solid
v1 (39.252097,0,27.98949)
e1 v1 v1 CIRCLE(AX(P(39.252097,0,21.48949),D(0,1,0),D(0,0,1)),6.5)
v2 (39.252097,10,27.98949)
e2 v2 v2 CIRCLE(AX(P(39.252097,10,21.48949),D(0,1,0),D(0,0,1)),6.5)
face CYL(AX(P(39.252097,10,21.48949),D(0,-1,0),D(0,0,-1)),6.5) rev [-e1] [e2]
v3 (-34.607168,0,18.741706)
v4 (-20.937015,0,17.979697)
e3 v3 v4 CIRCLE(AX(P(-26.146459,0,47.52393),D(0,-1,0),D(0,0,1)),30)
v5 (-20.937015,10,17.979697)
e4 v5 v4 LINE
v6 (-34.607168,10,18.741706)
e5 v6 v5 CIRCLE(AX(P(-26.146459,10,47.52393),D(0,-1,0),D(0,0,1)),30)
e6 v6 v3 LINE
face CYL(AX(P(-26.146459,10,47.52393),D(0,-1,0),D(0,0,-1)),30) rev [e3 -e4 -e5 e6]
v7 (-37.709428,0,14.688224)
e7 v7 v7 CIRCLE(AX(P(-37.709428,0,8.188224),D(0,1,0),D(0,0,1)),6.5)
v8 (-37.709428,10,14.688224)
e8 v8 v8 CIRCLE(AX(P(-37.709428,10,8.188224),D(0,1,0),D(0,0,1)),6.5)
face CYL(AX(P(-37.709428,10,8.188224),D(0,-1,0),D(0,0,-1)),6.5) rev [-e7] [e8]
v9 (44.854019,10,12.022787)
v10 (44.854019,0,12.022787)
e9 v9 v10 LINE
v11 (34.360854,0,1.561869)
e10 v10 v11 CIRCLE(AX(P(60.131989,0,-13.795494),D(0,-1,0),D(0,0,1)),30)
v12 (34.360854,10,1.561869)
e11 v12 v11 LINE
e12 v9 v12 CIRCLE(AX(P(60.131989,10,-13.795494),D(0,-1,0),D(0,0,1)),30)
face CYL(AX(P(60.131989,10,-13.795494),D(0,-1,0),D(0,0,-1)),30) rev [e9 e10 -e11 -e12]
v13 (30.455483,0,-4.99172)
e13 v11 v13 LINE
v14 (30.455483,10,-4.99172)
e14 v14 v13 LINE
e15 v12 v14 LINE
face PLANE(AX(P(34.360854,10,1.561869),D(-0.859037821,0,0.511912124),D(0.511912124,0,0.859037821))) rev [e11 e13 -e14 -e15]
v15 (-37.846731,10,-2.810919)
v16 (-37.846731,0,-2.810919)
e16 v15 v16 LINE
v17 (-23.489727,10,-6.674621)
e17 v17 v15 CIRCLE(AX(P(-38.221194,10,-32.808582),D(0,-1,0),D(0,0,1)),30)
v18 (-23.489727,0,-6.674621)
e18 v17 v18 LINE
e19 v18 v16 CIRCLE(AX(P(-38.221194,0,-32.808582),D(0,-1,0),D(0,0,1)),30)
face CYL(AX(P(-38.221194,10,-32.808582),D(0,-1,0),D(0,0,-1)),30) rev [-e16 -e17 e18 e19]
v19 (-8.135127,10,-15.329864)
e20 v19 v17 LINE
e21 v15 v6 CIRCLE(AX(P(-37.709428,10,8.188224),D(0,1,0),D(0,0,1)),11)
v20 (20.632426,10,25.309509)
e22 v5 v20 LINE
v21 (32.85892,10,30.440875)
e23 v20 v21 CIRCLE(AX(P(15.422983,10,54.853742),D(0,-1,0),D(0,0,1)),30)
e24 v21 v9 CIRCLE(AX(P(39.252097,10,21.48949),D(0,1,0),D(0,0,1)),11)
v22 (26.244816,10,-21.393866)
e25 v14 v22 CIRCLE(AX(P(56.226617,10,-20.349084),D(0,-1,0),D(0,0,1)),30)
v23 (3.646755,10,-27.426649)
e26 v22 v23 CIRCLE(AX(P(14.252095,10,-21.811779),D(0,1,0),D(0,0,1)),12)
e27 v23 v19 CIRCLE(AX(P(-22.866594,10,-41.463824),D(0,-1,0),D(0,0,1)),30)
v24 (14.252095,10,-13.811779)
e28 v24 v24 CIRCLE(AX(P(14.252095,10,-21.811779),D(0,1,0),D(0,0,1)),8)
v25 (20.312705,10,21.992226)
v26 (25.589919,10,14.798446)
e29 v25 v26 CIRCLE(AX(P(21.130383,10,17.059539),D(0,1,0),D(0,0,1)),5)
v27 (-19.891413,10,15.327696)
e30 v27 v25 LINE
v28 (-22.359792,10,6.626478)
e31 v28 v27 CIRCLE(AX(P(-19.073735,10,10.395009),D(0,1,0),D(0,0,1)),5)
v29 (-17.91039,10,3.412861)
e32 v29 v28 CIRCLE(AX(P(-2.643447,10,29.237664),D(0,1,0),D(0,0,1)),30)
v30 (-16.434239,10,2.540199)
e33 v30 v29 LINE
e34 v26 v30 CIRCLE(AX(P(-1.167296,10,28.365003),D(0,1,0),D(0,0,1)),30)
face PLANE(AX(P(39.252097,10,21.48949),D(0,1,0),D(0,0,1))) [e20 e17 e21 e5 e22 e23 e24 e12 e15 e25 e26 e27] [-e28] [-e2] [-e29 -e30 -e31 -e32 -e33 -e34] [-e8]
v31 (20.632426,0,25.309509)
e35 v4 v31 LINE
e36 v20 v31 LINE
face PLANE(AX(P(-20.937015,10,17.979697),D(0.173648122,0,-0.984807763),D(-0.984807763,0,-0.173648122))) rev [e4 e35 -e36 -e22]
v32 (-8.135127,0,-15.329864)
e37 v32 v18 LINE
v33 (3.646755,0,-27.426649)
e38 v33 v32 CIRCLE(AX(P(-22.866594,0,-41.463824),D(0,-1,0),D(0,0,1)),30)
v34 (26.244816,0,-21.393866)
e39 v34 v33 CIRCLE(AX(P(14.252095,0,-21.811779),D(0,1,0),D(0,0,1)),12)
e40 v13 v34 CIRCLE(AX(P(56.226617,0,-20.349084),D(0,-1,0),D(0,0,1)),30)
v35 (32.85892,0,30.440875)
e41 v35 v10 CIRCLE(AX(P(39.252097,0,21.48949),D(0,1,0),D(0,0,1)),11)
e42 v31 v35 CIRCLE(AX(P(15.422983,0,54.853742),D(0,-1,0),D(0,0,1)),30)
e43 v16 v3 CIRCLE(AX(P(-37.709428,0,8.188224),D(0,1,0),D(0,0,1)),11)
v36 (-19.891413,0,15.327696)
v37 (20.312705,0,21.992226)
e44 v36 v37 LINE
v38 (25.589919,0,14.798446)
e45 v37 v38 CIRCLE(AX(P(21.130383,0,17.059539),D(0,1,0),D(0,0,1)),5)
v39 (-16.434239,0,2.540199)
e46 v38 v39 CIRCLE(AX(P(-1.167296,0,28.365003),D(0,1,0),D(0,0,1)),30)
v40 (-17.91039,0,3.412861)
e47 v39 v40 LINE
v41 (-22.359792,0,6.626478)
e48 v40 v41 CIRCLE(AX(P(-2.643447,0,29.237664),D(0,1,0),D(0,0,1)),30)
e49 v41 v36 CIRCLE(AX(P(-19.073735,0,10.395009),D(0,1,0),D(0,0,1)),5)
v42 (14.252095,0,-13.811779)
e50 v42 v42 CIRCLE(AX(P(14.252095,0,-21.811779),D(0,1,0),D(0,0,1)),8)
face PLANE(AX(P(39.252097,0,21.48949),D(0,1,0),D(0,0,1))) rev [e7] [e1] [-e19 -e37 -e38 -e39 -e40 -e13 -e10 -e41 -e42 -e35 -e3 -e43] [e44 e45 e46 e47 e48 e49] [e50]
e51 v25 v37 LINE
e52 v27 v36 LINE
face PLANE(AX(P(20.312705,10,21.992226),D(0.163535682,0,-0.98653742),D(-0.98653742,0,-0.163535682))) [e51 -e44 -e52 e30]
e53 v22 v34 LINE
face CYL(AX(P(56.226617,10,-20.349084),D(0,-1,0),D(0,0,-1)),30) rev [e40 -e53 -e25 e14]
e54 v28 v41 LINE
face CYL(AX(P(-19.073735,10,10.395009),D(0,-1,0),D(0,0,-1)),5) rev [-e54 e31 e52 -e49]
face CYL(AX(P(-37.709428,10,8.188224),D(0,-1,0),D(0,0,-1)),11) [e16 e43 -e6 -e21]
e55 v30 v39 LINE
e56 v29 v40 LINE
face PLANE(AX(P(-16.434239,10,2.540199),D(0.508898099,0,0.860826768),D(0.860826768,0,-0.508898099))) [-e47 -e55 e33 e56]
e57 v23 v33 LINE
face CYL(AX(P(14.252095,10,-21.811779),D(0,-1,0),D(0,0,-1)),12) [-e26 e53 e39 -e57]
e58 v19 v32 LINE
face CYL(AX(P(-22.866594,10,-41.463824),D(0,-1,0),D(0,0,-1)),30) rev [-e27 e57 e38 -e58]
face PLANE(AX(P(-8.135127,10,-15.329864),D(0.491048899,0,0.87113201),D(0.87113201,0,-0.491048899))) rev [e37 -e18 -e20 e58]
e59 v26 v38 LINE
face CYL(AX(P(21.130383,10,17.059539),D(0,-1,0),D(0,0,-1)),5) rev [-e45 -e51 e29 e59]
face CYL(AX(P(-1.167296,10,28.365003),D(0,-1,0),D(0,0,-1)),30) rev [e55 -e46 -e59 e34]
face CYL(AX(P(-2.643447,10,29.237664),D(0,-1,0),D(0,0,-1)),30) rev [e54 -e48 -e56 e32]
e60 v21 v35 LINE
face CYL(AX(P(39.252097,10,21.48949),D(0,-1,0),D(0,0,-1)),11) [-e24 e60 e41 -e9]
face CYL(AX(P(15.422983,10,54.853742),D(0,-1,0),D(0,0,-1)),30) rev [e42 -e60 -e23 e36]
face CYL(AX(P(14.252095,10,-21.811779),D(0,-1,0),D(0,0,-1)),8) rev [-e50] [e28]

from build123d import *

# Parameters (mm, degrees)
SKETCH1_R           = 6.5
SKETCH1_R_2         = 8
BOSS_EXTRUDE1_DEPTH = 10


with BuildPart() as part:
    # Sketch1 → Boss-Extrude1 (new body)
    with BuildSketch(Plane(origin=(0, 0, 0), x_dir=(1, 0, 0), z_dir=(0, 1, 0))):
        with BuildLine():
            Line((34.360854191, -1.561869431), (30.455482575, 4.991720076))
            ThreePointArc((30.455482575, 4.991720076), (27.168828712, 12.889530967), (26.244815541, 21.393865753))
            ThreePointArc((26.244815541, 21.393865753), (17.347223993, 33.405750066), (3.646755092, 27.426648798))
            ThreePointArc((3.646755092, 27.426648798), (-1.375508537, 20.532192172), (-8.135127404, 15.329864146))
            Line((-8.135127404, 15.329864146), (-23.489726911, 6.674621202))
            ThreePointArc((-23.489726911, 6.674621202), (-30.425083941, 3.839275852), (-37.846730781, 2.810918636))
            ThreePointArc((-37.846730781, 2.810918636), (-48.587233234, -9.823261281), (-34.60716777, -18.741706478))
            ThreePointArc((-34.60716777, -18.741706478), (-27.816143316, -17.570430421), (-20.937015372, -17.979697402))
            Line((-20.937015372, -17.979697402), (20.632426372, -25.309509119))
            ThreePointArc((20.632426372, -25.309509119), (27.032722198, -27.191241227), (32.858920246, -30.440874852))
            ThreePointArc((32.858920246, -30.440874852), (48.469635541, -27.492571895), (44.854019442, -12.022787068))
            ThreePointArc((44.854019442, -12.022787068), (38.951456853, -7.450330386), (34.360854191, -1.561869431))
        make_face()
        with Locations(Location((-37.709427644, -8.188224414, 0), (0, 0, 270))):
            Circle(SKETCH1_R, mode=Mode.SUBTRACT)
        with Locations(Location((14.252094878, 21.811778539, 0), (0, 0, 270))):
            Circle(SKETCH1_R_2, mode=Mode.SUBTRACT)
        with Locations(Location((39.252097338, -21.489490229, 0), (0, 0, 270))):
            Circle(SKETCH1_R, mode=Mode.SUBTRACT)
        with BuildLine():
            Line((20.312704962, -21.992225916), (-19.891412958, -15.327696302))
            ThreePointArc((-19.891412958, -15.327696302), (-23.883928025, -11.759574594), (-22.359792068, -6.626478193))
            ThreePointArc((-22.359792068, -6.626478193), (-20.208737863, -4.917702185), (-17.910389919, -3.41286121))
            Line((-17.910389919, -3.41286121), (-16.434238636, -2.540199474))
            ThreePointArc((-16.434238636, -2.540199474), (7.233462597, 0.434776311), (25.58991918, -14.798446076))
            ThreePointArc((25.58991918, -14.798446076), (25.161933747, -20.017004215), (20.312704962, -21.992225916))
        make_face(mode=Mode.SUBTRACT)
    extrude(amount=BOSS_EXTRUDE1_DEPTH)


solid = part.part
